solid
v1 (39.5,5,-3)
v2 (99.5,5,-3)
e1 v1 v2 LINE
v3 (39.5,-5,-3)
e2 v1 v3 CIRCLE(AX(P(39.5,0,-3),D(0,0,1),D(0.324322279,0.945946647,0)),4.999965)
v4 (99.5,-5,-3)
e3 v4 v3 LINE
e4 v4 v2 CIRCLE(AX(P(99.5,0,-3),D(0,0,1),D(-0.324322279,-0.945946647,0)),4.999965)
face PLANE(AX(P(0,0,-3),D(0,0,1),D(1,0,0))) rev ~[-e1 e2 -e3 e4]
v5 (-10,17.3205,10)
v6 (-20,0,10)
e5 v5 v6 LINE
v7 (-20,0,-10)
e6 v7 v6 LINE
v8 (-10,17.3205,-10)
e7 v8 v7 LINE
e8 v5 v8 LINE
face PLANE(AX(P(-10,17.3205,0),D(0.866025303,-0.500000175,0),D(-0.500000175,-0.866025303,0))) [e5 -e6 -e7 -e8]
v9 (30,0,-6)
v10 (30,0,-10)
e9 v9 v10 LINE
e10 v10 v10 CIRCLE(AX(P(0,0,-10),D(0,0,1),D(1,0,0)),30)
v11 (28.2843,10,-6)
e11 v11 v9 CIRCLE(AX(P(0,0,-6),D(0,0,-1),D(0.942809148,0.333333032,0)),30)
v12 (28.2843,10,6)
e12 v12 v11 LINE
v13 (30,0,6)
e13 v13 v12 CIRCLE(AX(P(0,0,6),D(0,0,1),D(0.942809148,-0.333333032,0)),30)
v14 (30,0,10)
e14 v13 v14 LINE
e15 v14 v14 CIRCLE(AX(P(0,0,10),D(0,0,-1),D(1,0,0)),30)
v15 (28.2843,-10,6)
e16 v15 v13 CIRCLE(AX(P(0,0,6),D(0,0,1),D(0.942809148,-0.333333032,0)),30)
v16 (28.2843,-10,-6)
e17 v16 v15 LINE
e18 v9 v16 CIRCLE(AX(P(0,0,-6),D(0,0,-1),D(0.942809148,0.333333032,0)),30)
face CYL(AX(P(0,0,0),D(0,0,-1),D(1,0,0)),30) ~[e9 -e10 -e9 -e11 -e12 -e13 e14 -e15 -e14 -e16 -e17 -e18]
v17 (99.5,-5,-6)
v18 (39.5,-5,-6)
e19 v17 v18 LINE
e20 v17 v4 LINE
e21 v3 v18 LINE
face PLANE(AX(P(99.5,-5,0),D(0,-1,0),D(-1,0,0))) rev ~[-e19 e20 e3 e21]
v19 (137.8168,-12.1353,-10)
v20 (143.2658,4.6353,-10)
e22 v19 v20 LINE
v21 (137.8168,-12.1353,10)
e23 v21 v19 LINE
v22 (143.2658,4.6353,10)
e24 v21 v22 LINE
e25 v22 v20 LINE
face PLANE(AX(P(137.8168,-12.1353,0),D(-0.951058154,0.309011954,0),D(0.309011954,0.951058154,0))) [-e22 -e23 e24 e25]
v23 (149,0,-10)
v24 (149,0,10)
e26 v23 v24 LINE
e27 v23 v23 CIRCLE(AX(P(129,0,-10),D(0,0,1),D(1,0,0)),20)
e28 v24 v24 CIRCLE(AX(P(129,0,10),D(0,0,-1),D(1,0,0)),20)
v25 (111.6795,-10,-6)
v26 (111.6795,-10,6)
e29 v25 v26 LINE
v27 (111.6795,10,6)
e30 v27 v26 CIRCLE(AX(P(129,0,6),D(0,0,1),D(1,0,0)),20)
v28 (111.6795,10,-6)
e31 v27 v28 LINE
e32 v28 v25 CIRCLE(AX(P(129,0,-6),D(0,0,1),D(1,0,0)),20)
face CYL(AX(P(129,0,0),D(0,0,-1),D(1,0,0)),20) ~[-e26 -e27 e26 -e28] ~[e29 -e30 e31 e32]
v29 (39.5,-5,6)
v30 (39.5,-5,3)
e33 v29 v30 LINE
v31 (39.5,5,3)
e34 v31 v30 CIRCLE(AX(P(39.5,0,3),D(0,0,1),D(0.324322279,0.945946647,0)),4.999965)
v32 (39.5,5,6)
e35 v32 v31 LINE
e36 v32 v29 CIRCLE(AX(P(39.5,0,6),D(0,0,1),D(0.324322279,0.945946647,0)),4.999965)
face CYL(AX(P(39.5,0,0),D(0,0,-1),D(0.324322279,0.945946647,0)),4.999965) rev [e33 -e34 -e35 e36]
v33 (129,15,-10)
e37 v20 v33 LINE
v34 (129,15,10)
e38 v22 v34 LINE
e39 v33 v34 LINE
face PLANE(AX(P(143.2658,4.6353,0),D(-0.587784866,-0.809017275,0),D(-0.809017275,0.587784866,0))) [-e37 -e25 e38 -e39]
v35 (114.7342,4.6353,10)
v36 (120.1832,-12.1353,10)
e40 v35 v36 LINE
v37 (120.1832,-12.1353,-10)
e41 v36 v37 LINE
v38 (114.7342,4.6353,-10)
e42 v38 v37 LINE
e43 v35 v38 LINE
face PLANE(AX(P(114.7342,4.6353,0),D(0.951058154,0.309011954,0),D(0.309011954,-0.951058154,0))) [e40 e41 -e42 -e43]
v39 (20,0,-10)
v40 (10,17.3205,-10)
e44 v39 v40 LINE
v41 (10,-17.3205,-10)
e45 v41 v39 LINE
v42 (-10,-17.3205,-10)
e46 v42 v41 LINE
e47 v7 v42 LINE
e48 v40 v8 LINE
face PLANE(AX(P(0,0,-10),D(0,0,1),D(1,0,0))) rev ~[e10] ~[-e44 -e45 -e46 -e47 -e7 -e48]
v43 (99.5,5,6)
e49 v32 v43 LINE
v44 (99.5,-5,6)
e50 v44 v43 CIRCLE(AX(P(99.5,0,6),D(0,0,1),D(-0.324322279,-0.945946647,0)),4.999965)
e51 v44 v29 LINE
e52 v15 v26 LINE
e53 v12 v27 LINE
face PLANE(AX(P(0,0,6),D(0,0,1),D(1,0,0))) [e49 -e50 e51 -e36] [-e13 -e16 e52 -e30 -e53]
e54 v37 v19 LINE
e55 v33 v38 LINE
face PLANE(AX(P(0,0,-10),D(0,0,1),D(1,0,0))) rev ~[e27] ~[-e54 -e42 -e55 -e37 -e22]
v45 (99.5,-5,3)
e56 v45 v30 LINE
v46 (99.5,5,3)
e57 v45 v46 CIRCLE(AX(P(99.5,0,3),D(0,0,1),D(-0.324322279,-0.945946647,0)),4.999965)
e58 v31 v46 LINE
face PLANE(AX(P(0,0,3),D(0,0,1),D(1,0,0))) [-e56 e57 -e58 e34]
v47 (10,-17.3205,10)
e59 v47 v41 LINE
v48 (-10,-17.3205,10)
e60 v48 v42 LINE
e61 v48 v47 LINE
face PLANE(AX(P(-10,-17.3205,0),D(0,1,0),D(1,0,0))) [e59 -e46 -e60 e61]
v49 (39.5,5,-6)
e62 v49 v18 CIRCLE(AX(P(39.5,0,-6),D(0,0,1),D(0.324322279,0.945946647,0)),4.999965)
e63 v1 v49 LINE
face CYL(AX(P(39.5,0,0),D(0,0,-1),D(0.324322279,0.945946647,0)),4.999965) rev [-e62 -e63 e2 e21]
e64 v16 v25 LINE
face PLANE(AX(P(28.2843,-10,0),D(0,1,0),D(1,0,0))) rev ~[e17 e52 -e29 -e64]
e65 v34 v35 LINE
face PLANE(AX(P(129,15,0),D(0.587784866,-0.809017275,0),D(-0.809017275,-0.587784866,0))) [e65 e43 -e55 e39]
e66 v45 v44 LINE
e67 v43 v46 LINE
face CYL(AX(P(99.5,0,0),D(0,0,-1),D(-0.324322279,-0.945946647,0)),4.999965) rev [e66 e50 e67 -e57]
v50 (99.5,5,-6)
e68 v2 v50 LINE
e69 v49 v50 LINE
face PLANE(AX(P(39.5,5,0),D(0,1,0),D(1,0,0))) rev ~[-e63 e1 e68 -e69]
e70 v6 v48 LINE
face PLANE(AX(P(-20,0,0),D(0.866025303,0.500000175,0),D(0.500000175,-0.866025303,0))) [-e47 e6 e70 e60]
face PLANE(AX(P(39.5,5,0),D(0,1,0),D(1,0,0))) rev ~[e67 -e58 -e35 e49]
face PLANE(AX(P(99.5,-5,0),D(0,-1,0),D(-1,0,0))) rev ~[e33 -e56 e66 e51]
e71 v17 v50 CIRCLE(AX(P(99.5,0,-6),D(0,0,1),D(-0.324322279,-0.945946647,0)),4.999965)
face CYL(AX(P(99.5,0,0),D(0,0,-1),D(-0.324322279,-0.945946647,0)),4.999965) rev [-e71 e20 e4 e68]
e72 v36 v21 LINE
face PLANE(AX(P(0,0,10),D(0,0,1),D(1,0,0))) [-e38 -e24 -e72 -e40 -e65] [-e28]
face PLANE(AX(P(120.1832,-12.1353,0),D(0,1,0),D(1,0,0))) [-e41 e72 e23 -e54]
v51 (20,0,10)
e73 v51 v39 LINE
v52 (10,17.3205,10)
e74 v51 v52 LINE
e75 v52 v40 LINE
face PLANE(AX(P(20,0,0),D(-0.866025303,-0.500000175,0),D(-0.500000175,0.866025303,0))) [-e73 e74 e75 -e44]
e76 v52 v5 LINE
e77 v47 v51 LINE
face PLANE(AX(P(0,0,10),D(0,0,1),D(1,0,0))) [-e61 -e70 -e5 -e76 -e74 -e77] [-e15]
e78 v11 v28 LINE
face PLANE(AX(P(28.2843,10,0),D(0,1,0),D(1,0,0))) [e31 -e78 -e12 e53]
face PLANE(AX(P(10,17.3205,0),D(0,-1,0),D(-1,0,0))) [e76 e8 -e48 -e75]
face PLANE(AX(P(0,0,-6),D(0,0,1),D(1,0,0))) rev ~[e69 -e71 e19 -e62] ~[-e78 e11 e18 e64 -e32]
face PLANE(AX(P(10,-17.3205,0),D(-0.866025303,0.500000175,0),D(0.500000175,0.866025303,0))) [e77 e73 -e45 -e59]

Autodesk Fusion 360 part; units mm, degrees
sketch "Sketch1" plane through (0, 0, 0) normal (0, 0, 1) x (1, 0, 0) in component "exercise 2"
  circle A0 centre (0, 0) radius 30
  line L0 (0, 0) -> (129, 0) construction
  circle A1 centre (129, 0) radius 20
  line L1 (0, 0) -> (0, 74.6683) construction
  line L2 (129, 0) -> (129, 70.5762) construction
  line L3 (-20, 0) -> (-10, -17.3205)
  line L4 (-10, -17.3205) -> (10, -17.3205)
  line L5 (10, -17.3205) -> (20, 0)
  line L6 (20, 0) -> (10, 17.3205)
  line L7 (10, 17.3205) -> (-10, 17.3205)
  line L8 (-10, 17.3205) -> (-20, 0)
  line L9 (129, 15) -> (114.7342, 4.6353)
  line L10 (114.7342, 4.6353) -> (120.1832, -12.1353)
  line L11 (120.1832, -12.1353) -> (137.8168, -12.1353)
  line L12 (137.8168, -12.1353) -> (143.2658, 4.6353)
  line L13 (143.2658, 4.6353) -> (129, 15)
  line L14 (30, 0) -> (31.5826, 0)
  line L15 (28.2843, 10) -> (111.6795, 10)
  line L16 (28.2843, -10) -> (111.6795, -10)
  line L17 (50, 10) -> (50, -10) construction
  line L18 (50, 0) -> (52, 0)
  line L19 (99.5, -5) -> (39.5, -5)
  line L20 (39.5, 5) -> (99.5, 5)
  line L21 (99.5, -5) -> (39.5, 5) construction
  line L22 (39.5, -5) -> (99.5, 5) construction
  arc A2 (41.1216, 4.7297) -> (41.1216, -4.7297) centre (39.5, 0) ccw
  arc A3 (97.8784, -4.7297) -> (97.8784, 4.7297) centre (99.5, 0) ccw
  point P0 (129, 0)
  point P1 (69.5, 0)
  dimension "d1" = 60
  dimension "d2" = 40
  dimension "d3" = 129
  dimension "d4" = 20
  dimension "d5" = 15
  dimension "d6" = 20
  dimension "d9" = 60
extrude "Extrude1" add sketch "Sketch1" along normal mid plane 20 contours A0 | A1 makes body 1 at (18.836, -10.4559, 10) makes body 2 at (148.9006, -1.9914, -3.3333) in component "exercise 2"
extrude "Extrude2" add sketch "Sketch1" along normal mid plane 12 contours A0 A1 L15 L16 bodies 1 2 in component "exercise 2"
extrude "Extrude3" add sketch "Sketch1" along normal mid plane 6 contours L19 L20 A2 A3 bodies 1 in component "exercise 2"
component "exercise 2" placed x (1, 0, 0) y (0, 1, 0) z (0, 0, 1) at (0, 0, 0)
